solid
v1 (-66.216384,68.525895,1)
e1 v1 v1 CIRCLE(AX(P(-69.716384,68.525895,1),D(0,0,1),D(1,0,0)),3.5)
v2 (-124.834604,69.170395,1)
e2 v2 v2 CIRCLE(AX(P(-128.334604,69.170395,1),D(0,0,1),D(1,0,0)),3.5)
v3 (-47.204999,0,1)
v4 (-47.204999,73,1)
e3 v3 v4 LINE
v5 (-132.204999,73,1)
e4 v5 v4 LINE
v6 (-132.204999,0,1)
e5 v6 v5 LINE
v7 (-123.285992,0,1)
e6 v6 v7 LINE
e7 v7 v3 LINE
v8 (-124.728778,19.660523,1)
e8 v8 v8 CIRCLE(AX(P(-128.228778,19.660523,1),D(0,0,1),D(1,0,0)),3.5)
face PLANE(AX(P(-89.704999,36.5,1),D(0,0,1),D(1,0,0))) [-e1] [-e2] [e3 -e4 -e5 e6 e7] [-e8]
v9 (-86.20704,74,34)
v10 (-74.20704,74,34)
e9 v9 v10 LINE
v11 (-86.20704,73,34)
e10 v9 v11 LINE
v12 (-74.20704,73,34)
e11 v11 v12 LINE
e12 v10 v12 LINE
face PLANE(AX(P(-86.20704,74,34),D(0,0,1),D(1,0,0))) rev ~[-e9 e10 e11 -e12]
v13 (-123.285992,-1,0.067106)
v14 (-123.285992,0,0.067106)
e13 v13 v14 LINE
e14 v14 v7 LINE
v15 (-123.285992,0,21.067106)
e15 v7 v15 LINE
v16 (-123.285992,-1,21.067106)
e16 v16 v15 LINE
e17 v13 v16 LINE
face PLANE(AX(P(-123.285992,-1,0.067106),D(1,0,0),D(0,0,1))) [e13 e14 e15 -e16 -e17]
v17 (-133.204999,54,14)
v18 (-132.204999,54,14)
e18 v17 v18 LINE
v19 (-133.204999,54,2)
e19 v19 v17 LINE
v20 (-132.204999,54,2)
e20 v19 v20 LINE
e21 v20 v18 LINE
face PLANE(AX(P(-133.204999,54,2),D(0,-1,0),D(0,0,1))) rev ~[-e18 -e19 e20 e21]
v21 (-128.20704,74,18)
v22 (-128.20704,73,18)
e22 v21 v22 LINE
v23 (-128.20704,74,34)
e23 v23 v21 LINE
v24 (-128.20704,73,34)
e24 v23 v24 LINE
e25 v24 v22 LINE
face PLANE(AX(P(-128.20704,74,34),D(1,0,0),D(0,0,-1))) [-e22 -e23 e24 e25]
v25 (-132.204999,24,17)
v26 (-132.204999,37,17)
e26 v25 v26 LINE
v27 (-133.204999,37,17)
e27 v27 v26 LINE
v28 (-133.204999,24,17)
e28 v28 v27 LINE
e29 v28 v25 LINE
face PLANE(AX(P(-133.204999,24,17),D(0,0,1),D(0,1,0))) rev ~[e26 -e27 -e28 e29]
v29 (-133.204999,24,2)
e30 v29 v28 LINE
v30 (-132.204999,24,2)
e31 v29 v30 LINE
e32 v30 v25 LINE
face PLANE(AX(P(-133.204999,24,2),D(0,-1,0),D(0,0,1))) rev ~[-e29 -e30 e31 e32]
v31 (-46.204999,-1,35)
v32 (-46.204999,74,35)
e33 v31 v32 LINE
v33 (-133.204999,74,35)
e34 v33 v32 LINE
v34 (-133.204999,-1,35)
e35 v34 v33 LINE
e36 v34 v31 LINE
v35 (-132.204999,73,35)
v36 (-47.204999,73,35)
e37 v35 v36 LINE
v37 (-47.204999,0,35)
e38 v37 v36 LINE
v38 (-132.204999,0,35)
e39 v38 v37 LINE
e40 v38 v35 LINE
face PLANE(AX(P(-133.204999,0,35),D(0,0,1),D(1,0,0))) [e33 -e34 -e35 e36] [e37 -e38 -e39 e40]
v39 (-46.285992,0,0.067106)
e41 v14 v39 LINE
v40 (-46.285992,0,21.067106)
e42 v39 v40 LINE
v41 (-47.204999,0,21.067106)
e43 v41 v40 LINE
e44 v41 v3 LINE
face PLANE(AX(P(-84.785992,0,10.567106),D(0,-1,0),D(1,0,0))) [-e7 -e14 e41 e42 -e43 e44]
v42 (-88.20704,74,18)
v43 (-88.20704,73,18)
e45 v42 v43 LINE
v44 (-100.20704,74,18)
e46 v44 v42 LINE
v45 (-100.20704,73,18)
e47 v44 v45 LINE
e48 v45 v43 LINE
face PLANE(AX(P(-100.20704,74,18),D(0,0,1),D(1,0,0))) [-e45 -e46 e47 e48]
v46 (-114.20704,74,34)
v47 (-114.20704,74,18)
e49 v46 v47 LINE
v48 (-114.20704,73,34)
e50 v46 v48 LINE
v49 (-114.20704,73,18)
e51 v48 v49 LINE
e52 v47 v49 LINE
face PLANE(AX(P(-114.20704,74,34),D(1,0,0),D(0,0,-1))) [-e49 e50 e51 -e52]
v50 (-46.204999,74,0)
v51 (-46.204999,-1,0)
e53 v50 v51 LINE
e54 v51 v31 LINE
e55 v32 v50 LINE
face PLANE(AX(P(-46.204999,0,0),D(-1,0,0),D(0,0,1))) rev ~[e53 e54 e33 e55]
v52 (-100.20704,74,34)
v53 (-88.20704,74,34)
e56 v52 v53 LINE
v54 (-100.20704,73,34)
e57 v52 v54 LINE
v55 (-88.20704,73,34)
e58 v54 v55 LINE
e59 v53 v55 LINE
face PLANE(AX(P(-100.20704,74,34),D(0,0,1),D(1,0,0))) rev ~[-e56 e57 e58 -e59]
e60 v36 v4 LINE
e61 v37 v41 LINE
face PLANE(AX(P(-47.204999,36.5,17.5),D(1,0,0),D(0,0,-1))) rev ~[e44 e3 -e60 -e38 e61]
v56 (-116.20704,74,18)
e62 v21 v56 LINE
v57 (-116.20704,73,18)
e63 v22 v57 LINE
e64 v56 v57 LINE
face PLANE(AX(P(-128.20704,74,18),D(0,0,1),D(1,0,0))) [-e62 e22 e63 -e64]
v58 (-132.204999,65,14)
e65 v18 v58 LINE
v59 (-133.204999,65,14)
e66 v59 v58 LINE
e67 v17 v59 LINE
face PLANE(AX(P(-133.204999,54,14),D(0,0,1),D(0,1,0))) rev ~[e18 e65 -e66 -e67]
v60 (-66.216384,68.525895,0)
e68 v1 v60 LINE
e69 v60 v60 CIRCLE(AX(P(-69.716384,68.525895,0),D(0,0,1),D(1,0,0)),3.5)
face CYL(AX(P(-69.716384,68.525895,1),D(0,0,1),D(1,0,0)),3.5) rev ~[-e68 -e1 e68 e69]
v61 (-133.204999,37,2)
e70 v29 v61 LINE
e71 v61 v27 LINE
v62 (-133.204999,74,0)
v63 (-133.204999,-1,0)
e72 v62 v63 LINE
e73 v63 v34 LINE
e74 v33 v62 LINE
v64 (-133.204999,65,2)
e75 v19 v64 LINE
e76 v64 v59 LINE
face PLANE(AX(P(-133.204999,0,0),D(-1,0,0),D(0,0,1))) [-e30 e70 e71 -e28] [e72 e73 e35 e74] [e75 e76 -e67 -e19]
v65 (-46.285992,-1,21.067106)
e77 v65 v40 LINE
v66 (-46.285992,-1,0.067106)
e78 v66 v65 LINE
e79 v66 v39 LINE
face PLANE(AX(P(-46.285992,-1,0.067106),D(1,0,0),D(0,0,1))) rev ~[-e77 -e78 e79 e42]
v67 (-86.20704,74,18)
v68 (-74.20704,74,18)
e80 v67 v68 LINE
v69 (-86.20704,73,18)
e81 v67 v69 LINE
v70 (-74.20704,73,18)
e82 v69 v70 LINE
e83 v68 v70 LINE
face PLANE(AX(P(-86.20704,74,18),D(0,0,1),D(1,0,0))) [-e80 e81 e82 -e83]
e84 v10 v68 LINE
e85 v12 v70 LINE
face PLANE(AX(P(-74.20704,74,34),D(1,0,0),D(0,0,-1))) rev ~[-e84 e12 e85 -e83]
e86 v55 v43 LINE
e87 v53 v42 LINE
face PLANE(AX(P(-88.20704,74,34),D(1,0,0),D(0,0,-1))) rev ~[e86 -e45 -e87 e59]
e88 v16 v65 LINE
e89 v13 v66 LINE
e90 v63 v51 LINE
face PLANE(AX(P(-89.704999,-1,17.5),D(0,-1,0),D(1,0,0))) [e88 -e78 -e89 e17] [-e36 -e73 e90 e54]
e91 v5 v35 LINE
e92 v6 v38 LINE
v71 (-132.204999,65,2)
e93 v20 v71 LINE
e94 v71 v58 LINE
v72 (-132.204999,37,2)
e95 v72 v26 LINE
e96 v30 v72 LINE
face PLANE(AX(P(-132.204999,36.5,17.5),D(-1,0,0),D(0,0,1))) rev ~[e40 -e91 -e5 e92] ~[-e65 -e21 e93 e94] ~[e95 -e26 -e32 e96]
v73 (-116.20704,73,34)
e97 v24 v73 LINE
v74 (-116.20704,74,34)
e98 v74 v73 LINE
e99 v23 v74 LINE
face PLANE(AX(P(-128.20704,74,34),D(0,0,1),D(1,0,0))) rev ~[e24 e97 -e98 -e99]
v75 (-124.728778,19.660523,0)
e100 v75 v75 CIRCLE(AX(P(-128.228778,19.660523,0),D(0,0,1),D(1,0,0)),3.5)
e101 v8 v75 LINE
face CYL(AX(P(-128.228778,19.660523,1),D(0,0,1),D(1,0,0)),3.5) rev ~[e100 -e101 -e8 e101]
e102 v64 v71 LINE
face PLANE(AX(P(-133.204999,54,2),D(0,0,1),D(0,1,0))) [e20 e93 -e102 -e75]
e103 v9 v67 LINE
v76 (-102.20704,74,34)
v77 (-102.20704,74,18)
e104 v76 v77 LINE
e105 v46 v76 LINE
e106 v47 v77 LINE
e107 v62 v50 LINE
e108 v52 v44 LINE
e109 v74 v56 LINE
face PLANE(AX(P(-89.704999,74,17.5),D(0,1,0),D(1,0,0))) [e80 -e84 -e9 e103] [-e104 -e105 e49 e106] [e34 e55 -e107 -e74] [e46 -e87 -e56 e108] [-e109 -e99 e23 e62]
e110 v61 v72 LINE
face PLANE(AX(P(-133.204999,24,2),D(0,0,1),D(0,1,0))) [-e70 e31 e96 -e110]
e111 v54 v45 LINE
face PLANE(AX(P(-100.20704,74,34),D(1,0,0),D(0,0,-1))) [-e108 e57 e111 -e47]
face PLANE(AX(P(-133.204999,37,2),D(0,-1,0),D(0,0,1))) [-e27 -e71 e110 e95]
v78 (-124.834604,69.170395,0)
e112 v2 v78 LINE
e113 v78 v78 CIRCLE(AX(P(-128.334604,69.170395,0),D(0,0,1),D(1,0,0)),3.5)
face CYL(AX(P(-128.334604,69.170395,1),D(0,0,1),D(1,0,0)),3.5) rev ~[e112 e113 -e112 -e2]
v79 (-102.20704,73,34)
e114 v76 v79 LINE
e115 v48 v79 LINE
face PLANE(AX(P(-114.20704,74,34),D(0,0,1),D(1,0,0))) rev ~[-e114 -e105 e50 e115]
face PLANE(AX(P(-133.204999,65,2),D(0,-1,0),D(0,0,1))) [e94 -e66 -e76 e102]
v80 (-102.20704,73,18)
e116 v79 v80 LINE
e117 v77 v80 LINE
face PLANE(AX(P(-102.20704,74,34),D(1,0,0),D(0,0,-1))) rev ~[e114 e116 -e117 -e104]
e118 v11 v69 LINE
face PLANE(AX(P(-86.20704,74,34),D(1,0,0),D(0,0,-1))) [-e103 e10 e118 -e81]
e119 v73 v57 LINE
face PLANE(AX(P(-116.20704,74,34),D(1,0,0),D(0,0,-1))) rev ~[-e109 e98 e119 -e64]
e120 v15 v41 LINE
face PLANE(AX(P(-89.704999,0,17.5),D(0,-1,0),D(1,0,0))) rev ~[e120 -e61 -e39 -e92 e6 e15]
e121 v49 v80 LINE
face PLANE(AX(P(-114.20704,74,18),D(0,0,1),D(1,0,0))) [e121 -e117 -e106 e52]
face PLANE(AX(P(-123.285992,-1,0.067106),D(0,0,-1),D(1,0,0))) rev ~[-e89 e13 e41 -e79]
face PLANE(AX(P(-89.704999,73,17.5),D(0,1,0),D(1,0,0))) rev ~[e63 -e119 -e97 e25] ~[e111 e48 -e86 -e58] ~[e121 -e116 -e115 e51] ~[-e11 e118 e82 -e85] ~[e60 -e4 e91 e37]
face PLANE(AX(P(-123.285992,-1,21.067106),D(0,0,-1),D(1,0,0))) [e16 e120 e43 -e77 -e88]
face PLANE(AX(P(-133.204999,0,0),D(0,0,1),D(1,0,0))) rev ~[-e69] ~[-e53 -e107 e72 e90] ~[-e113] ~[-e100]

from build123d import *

# Parameters (mm, degrees)
ESQUISSE1_W              = 85
ESQUISSE1_H              = 73
BOSS_EXTRU_2_DEPTH       = 1
ESQUISSE6_W              = 35
ESQUISSE6_H              = 73
BOSS_EXTRU_4_DEPTH       = 1
ESQUISSE8_W              = 35
ESQUISSE8_H              = 73
BOSS_EXTRU_6_DEPTH       = 1
ESQUISSE10_W             = 12
ESQUISSE10_H             = 11
ENL_V_MAT_EXTRU_1_DEPTH  = 1
ESQUISSE11_W             = 15
ESQUISSE11_H             = 13
ENL_V_MAT_EXTRU_2_DEPTH  = 1
ESQUISSE13_W             = 87
ESQUISSE13_H             = 35
BOSS_EXTRU_8_DEPTH       = 1
ESQUISSE14_W             = 12
ESQUISSE14_H             = 16
ENL_V_MAT_EXTRU_3_DEPTH  = 1
ESQUISSE18_W             = 12
ESQUISSE18_H             = 16
ENL_V_MAT_EXTRU_5_DEPTH  = 1
ESQUISSE20_W             = 12
ESQUISSE20_H             = 16
ENL_V_MAT_EXTRU_6_DEPTH  = 1
ESQUISSE21_W             = 12
ESQUISSE21_H             = 16
ENL_V_MAT_EXTRU_7_DEPTH  = 1
ESQUISSE22_R             = 3.5
ENL_V_MAT_EXTRU_8_DEPTH  = 1
ESQUISSE24_R             = 3.5
ENL_V_MAT_EXTRU_10_DEPTH = 1
ESQUISSE25_W             = 87
ESQUISSE25_H             = 35
BOSS_EXTRU_11_DEPTH      = 1
ESQUISSE23_R             = 3.5
ENL_V_MAT_EXTRU_12_DEPTH = 1
ESQUISSE26_W             = 77
ESQUISSE26_H             = 21
ENL_V_MAT_EXTRU_13_DEPTH = 1


with BuildPart() as part:
    # Esquisse1 → Boss.-Extru.2 (new body)
    with BuildSketch(Plane.XY):
        with Locations((-89.704998798, 36.5)):
            Rectangle(ESQUISSE1_W, ESQUISSE1_H)
    extrude(amount=BOSS_EXTRU_2_DEPTH)

    # Esquisse6 → Boss.-Extru.4 (add)
    with BuildSketch(Plane(origin=(-47.204998798, 0, 0), x_dir=(0, 0, -1), z_dir=(1, 0, 0))):
        with Locations((-17.5, 36.5)):
            Rectangle(ESQUISSE6_W, ESQUISSE6_H)
    extrude(amount=BOSS_EXTRU_4_DEPTH)

    # Esquisse8 → Boss.-Extru.6 (add)
    with BuildSketch(Plane.ZY.offset(132.204998798)):
        with Locations((17.5, 36.5)):
            Rectangle(ESQUISSE8_W, ESQUISSE8_H)
    extrude(amount=BOSS_EXTRU_6_DEPTH)

    # Esquisse10 → Enlèv. mat.-Extru.1 (cut)
    with BuildSketch(Plane.ZY.offset(133.204998798)):
        with Locations((8, 59.5)):
            Rectangle(ESQUISSE10_W, ESQUISSE10_H)
    extrude(amount=-ENL_V_MAT_EXTRU_1_DEPTH, mode=Mode.SUBTRACT)

    # Esquisse11 → Enlèv. mat.-Extru.2 (cut)
    with BuildSketch(Plane.ZY.offset(133.204998798)):
        with Locations((9.5, 30.5)):
            Rectangle(ESQUISSE11_W, ESQUISSE11_H)
    extrude(amount=-ENL_V_MAT_EXTRU_2_DEPTH, mode=Mode.SUBTRACT)

    # Esquisse13 → Boss.-Extru.8 (add)
    with BuildSketch(Plane(origin=(0, 73, 0), x_dir=(1, 0, 0), z_dir=(0, 1, 0))):
        with Locations((-89.704998798, -17.5)):
            Rectangle(ESQUISSE13_W, ESQUISSE13_H)
    extrude(amount=BOSS_EXTRU_8_DEPTH)

    # Esquisse14 → Enlèv. mat.-Extru.3 (cut)
    with BuildSketch(Plane(origin=(0, 74, 0), x_dir=(1, 0, 0), z_dir=(0, 1, 0))):
        with Locations((-122.207040337, -26)):
            Rectangle(ESQUISSE14_W, ESQUISSE14_H)
    extrude(amount=-ENL_V_MAT_EXTRU_3_DEPTH, mode=Mode.SUBTRACT)

    # Esquisse18 → Enlèv. mat.-Extru.5 (cut)
    with BuildSketch(Plane(origin=(0, 74, 0), x_dir=(1, 0, 0), z_dir=(0, 1, 0))):
        with Locations((-108.207040337, -26)):
            Rectangle(ESQUISSE18_W, ESQUISSE18_H)
    extrude(amount=-ENL_V_MAT_EXTRU_5_DEPTH, mode=Mode.SUBTRACT)

    # Esquisse20 → Enlèv. mat.-Extru.6 (cut)
    with BuildSketch(Plane(origin=(0, 74, 0), x_dir=(1, 0, 0), z_dir=(0, 1, 0))):
        with Locations((-94.207040337, -26)):
            Rectangle(ESQUISSE20_W, ESQUISSE20_H)
    extrude(amount=-ENL_V_MAT_EXTRU_6_DEPTH, mode=Mode.SUBTRACT)

    # Esquisse21 → Enlèv. mat.-Extru.7 (cut)
    with BuildSketch(Plane(origin=(0, 74, 0), x_dir=(1, 0, 0), z_dir=(0, 1, 0))):
        with Locations((-80.207040337, -26)):
            Rectangle(ESQUISSE21_W, ESQUISSE21_H)
    extrude(amount=-ENL_V_MAT_EXTRU_7_DEPTH, mode=Mode.SUBTRACT)

    # Esquisse22 → Enlèv. mat.-Extru.8 (cut)
    with BuildSketch(Plane.XY.offset(1)):
        with Locations((-128.334603856, 69.17039525)):
            Circle(ESQUISSE22_R)
    extrude(amount=-ENL_V_MAT_EXTRU_8_DEPTH, mode=Mode.SUBTRACT)

    # Esquisse24 → Enlèv. mat.-Extru.10 (cut)
    with BuildSketch(Plane.XY.offset(1)):
        with Locations((-69.71638406, 68.525894508)):
            Circle(ESQUISSE24_R)
    extrude(amount=-ENL_V_MAT_EXTRU_10_DEPTH, mode=Mode.SUBTRACT)

    # Esquisse25 → Boss.-Extru.11 (add)
    with BuildSketch(Plane.XZ):
        with Locations((-89.704998798, 17.5)):
            Rectangle(ESQUISSE25_W, ESQUISSE25_H)
    extrude(amount=BOSS_EXTRU_11_DEPTH)

    # Esquisse23 → Enlèv. mat.-Extru.12 (cut)
    with BuildSketch(Plane.XY.offset(1)):
        with Locations((-128.228777758, 19.66052326)):
            Circle(ESQUISSE23_R)
    extrude(amount=-ENL_V_MAT_EXTRU_12_DEPTH, mode=Mode.SUBTRACT)

    # Esquisse26 → Enlèv. mat.-Extru.13 (cut)
    with BuildSketch(Plane.XZ.offset(1)):
        with Locations((-84.785991567, 10.567106243)):
            Rectangle(ESQUISSE26_W, ESQUISSE26_H)
    extrude(amount=-ENL_V_MAT_EXTRU_13_DEPTH, mode=Mode.SUBTRACT)


solid = part.part
